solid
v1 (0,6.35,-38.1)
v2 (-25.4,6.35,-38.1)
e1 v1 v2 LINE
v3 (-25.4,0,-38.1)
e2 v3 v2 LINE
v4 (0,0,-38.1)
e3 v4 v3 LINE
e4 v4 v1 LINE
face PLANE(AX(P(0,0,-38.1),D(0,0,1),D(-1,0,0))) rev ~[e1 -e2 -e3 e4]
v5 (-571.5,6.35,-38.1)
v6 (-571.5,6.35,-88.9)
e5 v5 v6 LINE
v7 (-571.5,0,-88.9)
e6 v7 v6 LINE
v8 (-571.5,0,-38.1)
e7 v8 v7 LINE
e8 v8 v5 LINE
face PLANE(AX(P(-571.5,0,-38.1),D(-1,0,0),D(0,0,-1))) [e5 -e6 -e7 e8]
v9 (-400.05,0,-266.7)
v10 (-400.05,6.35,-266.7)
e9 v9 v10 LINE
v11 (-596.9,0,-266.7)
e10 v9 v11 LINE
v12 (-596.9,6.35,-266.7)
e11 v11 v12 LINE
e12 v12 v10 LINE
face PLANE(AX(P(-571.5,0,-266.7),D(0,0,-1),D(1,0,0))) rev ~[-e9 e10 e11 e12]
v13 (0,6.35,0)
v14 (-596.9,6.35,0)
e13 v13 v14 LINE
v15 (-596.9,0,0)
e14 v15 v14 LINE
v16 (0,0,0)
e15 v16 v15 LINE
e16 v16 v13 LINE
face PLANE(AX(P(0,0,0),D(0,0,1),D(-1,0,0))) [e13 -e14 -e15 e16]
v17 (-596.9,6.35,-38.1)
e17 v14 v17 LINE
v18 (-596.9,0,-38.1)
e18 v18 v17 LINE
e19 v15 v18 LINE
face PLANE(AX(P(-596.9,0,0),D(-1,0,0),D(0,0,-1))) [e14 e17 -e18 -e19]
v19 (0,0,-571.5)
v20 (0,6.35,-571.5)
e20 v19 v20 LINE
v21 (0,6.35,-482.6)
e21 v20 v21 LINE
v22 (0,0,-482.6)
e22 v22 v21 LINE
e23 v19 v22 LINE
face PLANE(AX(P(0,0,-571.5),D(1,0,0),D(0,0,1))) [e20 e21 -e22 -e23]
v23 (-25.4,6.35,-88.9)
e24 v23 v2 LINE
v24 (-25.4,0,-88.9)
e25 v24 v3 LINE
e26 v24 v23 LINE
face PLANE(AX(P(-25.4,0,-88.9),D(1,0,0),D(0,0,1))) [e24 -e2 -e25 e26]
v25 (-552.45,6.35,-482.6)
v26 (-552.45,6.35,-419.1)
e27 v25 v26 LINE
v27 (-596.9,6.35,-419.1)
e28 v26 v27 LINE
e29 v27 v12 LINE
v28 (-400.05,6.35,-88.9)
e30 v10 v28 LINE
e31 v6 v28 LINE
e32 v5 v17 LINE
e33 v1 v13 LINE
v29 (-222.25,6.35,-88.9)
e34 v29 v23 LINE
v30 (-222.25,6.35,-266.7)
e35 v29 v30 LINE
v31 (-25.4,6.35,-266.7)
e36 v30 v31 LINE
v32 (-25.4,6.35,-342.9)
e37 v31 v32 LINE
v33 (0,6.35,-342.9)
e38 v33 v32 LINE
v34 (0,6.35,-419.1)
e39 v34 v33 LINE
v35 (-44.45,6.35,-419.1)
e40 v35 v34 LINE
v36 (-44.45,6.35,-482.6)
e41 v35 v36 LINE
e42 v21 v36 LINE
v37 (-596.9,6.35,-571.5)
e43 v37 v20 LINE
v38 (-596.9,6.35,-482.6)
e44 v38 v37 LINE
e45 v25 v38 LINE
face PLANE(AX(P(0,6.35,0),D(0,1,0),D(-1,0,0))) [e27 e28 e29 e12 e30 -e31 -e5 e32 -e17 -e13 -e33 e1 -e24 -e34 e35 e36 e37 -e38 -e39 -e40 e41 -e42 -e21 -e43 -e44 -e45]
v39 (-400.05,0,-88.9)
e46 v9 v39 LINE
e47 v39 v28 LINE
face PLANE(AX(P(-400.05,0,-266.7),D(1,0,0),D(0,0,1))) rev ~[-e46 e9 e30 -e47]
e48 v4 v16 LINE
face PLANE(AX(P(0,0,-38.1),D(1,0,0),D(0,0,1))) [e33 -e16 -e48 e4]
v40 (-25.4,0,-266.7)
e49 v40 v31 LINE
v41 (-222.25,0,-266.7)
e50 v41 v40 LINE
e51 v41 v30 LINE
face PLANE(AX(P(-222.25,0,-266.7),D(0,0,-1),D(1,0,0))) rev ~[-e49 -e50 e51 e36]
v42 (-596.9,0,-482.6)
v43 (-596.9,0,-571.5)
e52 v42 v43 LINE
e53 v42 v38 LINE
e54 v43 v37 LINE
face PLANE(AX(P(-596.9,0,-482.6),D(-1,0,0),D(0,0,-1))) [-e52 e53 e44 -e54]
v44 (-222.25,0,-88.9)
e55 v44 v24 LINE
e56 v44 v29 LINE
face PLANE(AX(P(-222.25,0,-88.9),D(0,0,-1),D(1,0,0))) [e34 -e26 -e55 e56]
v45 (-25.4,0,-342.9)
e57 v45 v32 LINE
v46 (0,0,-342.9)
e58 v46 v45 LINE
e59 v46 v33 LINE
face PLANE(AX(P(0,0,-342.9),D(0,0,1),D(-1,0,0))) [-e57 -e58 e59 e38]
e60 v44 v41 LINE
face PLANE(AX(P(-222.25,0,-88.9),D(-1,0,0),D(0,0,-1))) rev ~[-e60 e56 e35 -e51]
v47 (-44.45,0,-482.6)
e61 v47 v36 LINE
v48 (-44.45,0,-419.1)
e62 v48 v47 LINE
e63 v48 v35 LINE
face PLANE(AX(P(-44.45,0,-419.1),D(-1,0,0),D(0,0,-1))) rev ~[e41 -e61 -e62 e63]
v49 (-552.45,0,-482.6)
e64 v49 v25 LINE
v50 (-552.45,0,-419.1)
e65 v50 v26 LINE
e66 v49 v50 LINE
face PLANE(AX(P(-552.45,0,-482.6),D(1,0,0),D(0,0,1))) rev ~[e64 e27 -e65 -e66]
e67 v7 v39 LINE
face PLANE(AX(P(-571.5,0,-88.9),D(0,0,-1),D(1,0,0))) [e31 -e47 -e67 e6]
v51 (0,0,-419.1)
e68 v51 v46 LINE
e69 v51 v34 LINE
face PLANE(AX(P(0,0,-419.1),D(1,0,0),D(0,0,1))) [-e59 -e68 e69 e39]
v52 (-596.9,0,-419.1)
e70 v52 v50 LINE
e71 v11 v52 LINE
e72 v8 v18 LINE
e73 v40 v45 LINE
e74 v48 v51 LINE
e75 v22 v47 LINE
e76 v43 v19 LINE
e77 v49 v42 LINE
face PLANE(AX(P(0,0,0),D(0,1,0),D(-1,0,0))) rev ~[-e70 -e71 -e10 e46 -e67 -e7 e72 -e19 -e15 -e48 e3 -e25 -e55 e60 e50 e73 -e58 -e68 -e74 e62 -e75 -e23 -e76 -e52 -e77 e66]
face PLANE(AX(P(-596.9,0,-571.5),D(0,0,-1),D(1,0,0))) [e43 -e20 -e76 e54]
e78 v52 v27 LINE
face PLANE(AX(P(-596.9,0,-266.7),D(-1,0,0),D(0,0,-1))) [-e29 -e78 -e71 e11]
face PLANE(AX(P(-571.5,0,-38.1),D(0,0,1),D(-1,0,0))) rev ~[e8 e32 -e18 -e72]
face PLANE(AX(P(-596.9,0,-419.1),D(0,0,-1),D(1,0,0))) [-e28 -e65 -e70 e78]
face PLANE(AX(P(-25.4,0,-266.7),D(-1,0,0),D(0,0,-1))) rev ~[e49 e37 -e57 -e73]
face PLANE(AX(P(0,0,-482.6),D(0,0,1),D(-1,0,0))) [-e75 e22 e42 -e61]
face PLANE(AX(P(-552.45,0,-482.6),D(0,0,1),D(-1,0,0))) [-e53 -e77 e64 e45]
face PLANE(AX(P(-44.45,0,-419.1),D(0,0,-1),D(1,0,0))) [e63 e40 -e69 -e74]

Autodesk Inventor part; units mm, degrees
ref_plane "YZ Plane" through (0, 0, 0) normal (1, 0, 0) x (0, 1, 0)
ref_plane "XZ Plane" through (0, 0, 0) normal (0, 1, 0) x (-1, 0, 0)
ref_plane "XY Plane" through (0, 0, 0) normal (0, 0, 1) x (1, 0, 0)
sketch "Sketch1" plane through (0, 0, 0) normal (0, 1, 0) x (-1, 0, 0)
  line L0 (0, 0) -> (596.9, 0)
  line L1 (596.9, 0) -> (596.9, -571.5)
  line L2 (596.9, -571.5) -> (0, -571.5)
  line L3 (0, -571.5) -> (0, 0)
  line L4 (596.9, 0) -> (0, 0)
  line L5 (0, 0) -> (0, -38.1)
  line L6 (0, -38.1) -> (596.9, -38.1)
  line L7 (596.9, -38.1) -> (596.9, 0)
  line L8 (25.4, -38.1) -> (571.5, -38.1)
  line L9 (571.5, -38.1) -> (571.5, -88.9)
  line L10 (571.5, -88.9) -> (25.4, -88.9)
  line L11 (25.4, -88.9) -> (25.4, -38.1)
  line L12 (400.05, -88.9) -> (222.25, -88.9)
  line L13 (222.25, -88.9) -> (222.25, -266.7)
  line L14 (222.25, -266.7) -> (400.05, -266.7)
  line L15 (400.05, -266.7) -> (400.05, -88.9)
  line L16 (596.9, -266.7) -> (0, -266.7)
  line L17 (0, -266.7) -> (0, -342.9)
  line L18 (0, -342.9) -> (596.9, -342.9)
  line L19 (596.9, -342.9) -> (596.9, -266.7)
  line L20 (568.9457, -342.9) -> (52.0133, -342.9)
  line L21 (52.0133, -419.1) -> (568.9457, -419.1)
  line L22 (596.9, -419.1) -> (0, -419.1)
  line L23 (0, -419.1) -> (0, -571.5)
  line L24 (0, -571.5) -> (596.9, -571.5)
  line L25 (596.9, -571.5) -> (596.9, -419.1)
  line L26 (571.5, -266.7) -> (25.4, -266.7)
  line L27 (25.4, -266.7) -> (25.4, -342.9)
  line L28 (25.4, -342.9) -> (571.5, -342.9)
  line L29 (571.5, -342.9) -> (571.5, -266.7)
  line L30 (552.45, -419.1) -> (44.45, -419.1)
  line L31 (44.45, -419.1) -> (44.45, -508)
  line L32 (44.45, -508) -> (552.45, -508)
  line L33 (552.45, -508) -> (552.45, -419.1)
  line L34 (596.9, -571.5) -> (0, -571.5)
  line L35 (0, -571.5) -> (0, -482.6)
  line L36 (0, -482.6) -> (596.9, -482.6)
  line L37 (596.9, -482.6) -> (596.9, -571.5)
  dimension "d0" = 596.9
  dimension "d1" = 571.5
  dimension "d2" = 38.1
  dimension "d3" = 50.8
  dimension "d4" = 177.8
  dimension "d6" = 76.2
  dimension "d7" = 76.2
  dimension "d8" = 88.9
  dimension "d9" = 88.9
  dimension "d10" = 44.45
  dimension "d11" = 44.45
  dimension "d12" = 25.4
  dimension "d13" = 25.4
  dimension "d14" = 177.8
  dimension "d15" = 196.85
  dimension "d16" = 25.4
  dimension "d17" = 25.4
extrude "Extrusion1" add sketch "Sketch1" along normal blind 6.35 contours L0 L1 L6 L3 | L6 L9 L10 L11 | L1 L18 L29 L16 | L18 L1 L22 L21 L3 | L16 L14 L29 L18 L27 | L13 L10 L15 L14 | L36 L31 L32 L33 L1 L2 L3 | L22 L21 L33 L36 L31 | L36 L33 L32 L31
properties part number "ElectricalBoard.ver2-1111-2020"
